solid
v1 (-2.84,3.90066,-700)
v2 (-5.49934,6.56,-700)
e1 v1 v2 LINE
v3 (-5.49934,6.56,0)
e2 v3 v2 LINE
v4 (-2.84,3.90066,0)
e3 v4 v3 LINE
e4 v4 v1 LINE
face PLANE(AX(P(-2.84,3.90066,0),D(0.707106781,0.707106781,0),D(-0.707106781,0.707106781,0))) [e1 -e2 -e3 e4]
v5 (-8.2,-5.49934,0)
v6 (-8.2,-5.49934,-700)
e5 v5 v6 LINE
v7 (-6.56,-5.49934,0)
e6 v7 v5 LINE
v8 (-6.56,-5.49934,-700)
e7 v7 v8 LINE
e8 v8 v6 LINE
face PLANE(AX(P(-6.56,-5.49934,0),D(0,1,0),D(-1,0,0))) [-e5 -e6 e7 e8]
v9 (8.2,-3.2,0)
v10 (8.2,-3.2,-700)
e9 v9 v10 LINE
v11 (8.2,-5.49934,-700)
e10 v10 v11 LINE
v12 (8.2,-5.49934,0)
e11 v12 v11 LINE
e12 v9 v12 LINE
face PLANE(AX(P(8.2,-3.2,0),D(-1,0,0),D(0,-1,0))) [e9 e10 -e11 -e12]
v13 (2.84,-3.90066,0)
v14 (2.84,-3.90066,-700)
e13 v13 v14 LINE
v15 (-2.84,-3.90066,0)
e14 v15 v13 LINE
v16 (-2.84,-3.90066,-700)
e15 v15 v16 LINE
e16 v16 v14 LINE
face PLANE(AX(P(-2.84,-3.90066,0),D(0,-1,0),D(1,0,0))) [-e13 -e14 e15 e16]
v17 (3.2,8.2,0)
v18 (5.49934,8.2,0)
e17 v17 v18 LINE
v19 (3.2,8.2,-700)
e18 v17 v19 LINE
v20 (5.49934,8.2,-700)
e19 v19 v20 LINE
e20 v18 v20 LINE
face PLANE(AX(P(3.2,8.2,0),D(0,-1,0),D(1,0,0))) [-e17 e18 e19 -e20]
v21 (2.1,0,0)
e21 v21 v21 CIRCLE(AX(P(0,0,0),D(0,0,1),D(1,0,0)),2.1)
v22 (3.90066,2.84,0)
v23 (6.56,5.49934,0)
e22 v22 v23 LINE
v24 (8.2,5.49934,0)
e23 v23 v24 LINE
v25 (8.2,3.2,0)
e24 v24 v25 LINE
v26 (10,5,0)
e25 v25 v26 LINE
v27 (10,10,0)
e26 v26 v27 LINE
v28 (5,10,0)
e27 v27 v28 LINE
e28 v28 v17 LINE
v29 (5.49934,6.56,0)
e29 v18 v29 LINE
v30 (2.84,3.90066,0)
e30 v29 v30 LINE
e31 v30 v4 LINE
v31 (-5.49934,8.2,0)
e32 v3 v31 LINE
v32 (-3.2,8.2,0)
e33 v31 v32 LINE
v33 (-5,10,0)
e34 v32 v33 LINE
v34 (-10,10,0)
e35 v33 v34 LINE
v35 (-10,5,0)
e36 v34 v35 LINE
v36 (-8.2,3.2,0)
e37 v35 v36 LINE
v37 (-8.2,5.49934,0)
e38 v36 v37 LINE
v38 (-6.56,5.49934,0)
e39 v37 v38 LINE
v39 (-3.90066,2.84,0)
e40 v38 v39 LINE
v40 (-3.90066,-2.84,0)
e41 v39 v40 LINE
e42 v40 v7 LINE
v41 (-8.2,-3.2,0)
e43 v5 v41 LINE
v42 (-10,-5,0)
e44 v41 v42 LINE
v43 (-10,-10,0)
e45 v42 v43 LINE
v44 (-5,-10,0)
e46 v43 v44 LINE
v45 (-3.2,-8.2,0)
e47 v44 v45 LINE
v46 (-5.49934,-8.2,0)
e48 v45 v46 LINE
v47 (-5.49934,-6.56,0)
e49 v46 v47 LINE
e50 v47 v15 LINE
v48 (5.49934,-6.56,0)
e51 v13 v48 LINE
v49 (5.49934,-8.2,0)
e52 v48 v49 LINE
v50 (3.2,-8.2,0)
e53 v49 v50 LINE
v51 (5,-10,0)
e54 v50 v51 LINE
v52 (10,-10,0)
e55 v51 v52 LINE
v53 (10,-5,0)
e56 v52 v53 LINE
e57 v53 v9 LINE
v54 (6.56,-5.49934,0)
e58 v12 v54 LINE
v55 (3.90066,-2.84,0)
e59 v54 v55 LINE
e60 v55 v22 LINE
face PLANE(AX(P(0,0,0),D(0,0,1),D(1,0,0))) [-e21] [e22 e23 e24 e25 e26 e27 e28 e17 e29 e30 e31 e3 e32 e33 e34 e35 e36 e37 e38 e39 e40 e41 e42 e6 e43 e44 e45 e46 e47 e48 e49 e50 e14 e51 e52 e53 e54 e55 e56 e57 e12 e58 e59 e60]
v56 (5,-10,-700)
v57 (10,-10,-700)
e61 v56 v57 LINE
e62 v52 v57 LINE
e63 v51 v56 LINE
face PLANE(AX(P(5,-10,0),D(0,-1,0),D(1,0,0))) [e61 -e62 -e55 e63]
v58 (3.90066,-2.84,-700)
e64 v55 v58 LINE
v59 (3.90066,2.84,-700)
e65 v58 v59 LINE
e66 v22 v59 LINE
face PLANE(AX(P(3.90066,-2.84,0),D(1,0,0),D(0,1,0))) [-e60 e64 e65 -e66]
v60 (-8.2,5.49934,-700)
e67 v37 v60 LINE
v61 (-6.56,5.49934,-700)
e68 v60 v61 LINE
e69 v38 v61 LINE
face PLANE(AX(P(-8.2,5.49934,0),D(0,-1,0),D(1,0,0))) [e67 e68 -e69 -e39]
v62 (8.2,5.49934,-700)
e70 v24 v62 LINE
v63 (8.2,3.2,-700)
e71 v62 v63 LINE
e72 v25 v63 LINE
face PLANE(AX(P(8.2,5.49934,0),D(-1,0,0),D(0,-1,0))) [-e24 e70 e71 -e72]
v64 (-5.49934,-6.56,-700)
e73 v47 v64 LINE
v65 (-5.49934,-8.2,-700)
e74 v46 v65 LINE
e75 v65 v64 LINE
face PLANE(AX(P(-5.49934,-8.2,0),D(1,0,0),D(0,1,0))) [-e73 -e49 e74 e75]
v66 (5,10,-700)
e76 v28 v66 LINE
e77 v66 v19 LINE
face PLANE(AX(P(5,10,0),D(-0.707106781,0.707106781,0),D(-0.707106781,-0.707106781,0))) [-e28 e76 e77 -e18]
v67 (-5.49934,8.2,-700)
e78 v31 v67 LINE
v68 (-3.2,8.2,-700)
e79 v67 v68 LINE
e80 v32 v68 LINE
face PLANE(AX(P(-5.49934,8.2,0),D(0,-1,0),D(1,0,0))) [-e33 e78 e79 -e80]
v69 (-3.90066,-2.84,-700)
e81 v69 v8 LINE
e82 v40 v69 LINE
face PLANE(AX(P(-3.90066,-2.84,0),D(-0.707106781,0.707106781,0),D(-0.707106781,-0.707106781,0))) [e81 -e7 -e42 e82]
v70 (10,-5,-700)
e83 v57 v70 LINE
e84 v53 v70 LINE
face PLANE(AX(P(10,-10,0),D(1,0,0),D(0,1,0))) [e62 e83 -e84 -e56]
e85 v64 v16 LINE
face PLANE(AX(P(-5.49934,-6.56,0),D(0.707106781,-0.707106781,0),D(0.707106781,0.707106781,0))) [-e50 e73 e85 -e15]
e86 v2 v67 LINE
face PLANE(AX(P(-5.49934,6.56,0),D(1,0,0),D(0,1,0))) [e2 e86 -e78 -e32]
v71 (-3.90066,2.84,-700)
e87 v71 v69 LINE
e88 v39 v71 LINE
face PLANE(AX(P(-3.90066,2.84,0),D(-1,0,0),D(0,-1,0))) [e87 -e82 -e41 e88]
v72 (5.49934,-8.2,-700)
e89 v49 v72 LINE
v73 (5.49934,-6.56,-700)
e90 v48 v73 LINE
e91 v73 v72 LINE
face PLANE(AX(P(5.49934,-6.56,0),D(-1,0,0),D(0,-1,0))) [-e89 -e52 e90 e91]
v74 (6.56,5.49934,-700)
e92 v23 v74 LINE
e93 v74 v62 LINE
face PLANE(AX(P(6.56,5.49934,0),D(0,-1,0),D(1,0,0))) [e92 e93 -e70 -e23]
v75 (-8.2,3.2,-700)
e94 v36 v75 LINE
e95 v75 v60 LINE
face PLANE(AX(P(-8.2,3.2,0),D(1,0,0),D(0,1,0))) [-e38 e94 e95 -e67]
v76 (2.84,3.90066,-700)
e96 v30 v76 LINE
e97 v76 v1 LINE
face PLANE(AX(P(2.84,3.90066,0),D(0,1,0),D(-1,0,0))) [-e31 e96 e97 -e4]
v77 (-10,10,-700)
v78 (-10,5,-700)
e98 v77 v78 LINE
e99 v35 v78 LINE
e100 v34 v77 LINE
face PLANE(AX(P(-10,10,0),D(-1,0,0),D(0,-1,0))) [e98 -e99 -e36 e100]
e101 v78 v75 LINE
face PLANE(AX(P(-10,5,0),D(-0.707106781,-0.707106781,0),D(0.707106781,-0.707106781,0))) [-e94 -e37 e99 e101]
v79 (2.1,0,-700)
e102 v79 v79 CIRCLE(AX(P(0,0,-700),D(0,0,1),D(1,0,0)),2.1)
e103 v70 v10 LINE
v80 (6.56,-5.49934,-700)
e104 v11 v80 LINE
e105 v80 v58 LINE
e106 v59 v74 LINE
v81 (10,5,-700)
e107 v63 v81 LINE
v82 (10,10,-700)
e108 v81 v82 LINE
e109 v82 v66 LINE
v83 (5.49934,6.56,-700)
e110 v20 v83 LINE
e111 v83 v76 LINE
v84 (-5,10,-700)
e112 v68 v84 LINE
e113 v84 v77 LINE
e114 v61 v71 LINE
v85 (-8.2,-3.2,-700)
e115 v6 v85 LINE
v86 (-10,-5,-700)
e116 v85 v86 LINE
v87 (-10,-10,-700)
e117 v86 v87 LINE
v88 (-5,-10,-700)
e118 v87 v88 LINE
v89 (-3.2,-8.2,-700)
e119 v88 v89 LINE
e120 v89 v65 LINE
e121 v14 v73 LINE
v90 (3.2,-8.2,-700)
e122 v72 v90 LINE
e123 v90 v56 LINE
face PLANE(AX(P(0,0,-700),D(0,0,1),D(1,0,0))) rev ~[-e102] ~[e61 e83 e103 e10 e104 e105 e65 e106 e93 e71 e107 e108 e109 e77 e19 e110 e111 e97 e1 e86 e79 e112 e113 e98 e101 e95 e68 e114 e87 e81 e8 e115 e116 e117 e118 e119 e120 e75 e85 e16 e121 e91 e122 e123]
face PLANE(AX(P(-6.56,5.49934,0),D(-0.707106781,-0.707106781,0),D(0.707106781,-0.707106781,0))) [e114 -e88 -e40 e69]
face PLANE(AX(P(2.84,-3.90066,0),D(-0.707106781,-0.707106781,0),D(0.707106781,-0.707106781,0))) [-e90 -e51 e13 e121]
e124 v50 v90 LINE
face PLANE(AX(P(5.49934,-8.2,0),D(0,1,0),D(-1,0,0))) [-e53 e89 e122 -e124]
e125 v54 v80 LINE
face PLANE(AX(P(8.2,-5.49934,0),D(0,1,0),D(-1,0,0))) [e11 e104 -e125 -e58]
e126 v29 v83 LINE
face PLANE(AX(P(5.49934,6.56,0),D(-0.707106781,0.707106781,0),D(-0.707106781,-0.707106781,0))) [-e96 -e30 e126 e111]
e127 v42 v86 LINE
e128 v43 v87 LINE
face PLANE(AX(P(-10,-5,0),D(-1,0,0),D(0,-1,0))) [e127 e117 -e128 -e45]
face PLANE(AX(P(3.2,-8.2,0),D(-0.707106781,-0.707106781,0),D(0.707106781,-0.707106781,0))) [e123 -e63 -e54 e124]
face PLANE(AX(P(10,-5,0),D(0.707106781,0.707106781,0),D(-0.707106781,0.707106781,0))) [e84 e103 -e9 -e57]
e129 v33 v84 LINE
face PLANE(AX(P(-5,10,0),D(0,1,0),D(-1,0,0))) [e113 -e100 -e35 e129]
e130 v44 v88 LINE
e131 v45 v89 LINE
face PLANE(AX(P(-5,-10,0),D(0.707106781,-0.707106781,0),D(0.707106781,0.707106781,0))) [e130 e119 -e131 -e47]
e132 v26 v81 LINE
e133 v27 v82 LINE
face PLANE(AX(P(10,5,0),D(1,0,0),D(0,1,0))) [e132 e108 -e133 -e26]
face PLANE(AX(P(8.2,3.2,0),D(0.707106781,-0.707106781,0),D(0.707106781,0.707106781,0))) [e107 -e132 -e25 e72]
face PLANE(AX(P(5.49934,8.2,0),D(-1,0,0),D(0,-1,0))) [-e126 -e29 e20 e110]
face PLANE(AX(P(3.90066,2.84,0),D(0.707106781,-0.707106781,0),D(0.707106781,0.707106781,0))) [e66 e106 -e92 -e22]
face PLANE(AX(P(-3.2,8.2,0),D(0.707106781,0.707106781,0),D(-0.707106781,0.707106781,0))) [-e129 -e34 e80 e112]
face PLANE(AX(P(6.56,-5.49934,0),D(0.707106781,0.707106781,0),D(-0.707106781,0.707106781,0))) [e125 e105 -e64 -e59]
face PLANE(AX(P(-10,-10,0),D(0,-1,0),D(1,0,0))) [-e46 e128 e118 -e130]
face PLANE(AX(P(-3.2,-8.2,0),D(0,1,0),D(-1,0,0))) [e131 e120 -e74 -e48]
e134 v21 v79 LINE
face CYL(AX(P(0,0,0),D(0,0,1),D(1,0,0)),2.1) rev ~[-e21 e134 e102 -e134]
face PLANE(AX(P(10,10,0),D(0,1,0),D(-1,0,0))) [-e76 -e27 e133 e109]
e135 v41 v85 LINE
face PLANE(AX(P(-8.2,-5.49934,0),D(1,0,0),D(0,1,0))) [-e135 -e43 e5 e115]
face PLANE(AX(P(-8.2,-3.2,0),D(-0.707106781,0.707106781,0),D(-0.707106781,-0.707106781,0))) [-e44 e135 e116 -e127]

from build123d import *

# Parameters (mm, degrees)
SKETCH1_R           = 2.1
BOSS_EXTRUDE1_DEPTH = 700


with BuildPart() as part:
    # Sketch1 → Boss-Extrude1 (new body)
    with BuildSketch(Plane.XY):
        Polygon((-10, 10), (-10, 5), (-8.2, 3.2), (-8.2, 5.499339828), (-6.56, 5.499339828), (-3.900660172, 2.84), (-3.900660172, -2.84), (-6.56, -5.499339828), (-8.2, -5.499339828), (-8.2, -3.2), (-10, -5), (-10, -10), (-5, -10), (-3.2, -8.2), (-5.499339828, -8.2), (-5.499339828, -6.56), (-2.84, -3.900660172), (2.84, -3.900660172), (5.499339828, -6.56), (5.499339828, -8.2), (3.2, -8.2), (5, -10), (10, -10), (10, -5), (8.2, -3.2), (8.2, -5.499339828), (6.56, -5.499339828), (3.900660172, -2.84), (3.900660172, 2.84), (6.56, 5.499339828), (8.2, 5.499339828), (8.2, 3.2), (10, 5), (10, 10), (5, 10), (3.2, 8.2), (5.499339828, 8.2), (5.499339828, 6.56), (2.84, 3.900660172), (-2.84, 3.900660172), (-5.499339828, 6.56), (-5.499339828, 8.2), (-3.2, 8.2), (-5, 10), align=None)
        Circle(SKETCH1_R, mode=Mode.SUBTRACT)
    extrude(amount=-BOSS_EXTRUDE1_DEPTH)


solid = part.part
